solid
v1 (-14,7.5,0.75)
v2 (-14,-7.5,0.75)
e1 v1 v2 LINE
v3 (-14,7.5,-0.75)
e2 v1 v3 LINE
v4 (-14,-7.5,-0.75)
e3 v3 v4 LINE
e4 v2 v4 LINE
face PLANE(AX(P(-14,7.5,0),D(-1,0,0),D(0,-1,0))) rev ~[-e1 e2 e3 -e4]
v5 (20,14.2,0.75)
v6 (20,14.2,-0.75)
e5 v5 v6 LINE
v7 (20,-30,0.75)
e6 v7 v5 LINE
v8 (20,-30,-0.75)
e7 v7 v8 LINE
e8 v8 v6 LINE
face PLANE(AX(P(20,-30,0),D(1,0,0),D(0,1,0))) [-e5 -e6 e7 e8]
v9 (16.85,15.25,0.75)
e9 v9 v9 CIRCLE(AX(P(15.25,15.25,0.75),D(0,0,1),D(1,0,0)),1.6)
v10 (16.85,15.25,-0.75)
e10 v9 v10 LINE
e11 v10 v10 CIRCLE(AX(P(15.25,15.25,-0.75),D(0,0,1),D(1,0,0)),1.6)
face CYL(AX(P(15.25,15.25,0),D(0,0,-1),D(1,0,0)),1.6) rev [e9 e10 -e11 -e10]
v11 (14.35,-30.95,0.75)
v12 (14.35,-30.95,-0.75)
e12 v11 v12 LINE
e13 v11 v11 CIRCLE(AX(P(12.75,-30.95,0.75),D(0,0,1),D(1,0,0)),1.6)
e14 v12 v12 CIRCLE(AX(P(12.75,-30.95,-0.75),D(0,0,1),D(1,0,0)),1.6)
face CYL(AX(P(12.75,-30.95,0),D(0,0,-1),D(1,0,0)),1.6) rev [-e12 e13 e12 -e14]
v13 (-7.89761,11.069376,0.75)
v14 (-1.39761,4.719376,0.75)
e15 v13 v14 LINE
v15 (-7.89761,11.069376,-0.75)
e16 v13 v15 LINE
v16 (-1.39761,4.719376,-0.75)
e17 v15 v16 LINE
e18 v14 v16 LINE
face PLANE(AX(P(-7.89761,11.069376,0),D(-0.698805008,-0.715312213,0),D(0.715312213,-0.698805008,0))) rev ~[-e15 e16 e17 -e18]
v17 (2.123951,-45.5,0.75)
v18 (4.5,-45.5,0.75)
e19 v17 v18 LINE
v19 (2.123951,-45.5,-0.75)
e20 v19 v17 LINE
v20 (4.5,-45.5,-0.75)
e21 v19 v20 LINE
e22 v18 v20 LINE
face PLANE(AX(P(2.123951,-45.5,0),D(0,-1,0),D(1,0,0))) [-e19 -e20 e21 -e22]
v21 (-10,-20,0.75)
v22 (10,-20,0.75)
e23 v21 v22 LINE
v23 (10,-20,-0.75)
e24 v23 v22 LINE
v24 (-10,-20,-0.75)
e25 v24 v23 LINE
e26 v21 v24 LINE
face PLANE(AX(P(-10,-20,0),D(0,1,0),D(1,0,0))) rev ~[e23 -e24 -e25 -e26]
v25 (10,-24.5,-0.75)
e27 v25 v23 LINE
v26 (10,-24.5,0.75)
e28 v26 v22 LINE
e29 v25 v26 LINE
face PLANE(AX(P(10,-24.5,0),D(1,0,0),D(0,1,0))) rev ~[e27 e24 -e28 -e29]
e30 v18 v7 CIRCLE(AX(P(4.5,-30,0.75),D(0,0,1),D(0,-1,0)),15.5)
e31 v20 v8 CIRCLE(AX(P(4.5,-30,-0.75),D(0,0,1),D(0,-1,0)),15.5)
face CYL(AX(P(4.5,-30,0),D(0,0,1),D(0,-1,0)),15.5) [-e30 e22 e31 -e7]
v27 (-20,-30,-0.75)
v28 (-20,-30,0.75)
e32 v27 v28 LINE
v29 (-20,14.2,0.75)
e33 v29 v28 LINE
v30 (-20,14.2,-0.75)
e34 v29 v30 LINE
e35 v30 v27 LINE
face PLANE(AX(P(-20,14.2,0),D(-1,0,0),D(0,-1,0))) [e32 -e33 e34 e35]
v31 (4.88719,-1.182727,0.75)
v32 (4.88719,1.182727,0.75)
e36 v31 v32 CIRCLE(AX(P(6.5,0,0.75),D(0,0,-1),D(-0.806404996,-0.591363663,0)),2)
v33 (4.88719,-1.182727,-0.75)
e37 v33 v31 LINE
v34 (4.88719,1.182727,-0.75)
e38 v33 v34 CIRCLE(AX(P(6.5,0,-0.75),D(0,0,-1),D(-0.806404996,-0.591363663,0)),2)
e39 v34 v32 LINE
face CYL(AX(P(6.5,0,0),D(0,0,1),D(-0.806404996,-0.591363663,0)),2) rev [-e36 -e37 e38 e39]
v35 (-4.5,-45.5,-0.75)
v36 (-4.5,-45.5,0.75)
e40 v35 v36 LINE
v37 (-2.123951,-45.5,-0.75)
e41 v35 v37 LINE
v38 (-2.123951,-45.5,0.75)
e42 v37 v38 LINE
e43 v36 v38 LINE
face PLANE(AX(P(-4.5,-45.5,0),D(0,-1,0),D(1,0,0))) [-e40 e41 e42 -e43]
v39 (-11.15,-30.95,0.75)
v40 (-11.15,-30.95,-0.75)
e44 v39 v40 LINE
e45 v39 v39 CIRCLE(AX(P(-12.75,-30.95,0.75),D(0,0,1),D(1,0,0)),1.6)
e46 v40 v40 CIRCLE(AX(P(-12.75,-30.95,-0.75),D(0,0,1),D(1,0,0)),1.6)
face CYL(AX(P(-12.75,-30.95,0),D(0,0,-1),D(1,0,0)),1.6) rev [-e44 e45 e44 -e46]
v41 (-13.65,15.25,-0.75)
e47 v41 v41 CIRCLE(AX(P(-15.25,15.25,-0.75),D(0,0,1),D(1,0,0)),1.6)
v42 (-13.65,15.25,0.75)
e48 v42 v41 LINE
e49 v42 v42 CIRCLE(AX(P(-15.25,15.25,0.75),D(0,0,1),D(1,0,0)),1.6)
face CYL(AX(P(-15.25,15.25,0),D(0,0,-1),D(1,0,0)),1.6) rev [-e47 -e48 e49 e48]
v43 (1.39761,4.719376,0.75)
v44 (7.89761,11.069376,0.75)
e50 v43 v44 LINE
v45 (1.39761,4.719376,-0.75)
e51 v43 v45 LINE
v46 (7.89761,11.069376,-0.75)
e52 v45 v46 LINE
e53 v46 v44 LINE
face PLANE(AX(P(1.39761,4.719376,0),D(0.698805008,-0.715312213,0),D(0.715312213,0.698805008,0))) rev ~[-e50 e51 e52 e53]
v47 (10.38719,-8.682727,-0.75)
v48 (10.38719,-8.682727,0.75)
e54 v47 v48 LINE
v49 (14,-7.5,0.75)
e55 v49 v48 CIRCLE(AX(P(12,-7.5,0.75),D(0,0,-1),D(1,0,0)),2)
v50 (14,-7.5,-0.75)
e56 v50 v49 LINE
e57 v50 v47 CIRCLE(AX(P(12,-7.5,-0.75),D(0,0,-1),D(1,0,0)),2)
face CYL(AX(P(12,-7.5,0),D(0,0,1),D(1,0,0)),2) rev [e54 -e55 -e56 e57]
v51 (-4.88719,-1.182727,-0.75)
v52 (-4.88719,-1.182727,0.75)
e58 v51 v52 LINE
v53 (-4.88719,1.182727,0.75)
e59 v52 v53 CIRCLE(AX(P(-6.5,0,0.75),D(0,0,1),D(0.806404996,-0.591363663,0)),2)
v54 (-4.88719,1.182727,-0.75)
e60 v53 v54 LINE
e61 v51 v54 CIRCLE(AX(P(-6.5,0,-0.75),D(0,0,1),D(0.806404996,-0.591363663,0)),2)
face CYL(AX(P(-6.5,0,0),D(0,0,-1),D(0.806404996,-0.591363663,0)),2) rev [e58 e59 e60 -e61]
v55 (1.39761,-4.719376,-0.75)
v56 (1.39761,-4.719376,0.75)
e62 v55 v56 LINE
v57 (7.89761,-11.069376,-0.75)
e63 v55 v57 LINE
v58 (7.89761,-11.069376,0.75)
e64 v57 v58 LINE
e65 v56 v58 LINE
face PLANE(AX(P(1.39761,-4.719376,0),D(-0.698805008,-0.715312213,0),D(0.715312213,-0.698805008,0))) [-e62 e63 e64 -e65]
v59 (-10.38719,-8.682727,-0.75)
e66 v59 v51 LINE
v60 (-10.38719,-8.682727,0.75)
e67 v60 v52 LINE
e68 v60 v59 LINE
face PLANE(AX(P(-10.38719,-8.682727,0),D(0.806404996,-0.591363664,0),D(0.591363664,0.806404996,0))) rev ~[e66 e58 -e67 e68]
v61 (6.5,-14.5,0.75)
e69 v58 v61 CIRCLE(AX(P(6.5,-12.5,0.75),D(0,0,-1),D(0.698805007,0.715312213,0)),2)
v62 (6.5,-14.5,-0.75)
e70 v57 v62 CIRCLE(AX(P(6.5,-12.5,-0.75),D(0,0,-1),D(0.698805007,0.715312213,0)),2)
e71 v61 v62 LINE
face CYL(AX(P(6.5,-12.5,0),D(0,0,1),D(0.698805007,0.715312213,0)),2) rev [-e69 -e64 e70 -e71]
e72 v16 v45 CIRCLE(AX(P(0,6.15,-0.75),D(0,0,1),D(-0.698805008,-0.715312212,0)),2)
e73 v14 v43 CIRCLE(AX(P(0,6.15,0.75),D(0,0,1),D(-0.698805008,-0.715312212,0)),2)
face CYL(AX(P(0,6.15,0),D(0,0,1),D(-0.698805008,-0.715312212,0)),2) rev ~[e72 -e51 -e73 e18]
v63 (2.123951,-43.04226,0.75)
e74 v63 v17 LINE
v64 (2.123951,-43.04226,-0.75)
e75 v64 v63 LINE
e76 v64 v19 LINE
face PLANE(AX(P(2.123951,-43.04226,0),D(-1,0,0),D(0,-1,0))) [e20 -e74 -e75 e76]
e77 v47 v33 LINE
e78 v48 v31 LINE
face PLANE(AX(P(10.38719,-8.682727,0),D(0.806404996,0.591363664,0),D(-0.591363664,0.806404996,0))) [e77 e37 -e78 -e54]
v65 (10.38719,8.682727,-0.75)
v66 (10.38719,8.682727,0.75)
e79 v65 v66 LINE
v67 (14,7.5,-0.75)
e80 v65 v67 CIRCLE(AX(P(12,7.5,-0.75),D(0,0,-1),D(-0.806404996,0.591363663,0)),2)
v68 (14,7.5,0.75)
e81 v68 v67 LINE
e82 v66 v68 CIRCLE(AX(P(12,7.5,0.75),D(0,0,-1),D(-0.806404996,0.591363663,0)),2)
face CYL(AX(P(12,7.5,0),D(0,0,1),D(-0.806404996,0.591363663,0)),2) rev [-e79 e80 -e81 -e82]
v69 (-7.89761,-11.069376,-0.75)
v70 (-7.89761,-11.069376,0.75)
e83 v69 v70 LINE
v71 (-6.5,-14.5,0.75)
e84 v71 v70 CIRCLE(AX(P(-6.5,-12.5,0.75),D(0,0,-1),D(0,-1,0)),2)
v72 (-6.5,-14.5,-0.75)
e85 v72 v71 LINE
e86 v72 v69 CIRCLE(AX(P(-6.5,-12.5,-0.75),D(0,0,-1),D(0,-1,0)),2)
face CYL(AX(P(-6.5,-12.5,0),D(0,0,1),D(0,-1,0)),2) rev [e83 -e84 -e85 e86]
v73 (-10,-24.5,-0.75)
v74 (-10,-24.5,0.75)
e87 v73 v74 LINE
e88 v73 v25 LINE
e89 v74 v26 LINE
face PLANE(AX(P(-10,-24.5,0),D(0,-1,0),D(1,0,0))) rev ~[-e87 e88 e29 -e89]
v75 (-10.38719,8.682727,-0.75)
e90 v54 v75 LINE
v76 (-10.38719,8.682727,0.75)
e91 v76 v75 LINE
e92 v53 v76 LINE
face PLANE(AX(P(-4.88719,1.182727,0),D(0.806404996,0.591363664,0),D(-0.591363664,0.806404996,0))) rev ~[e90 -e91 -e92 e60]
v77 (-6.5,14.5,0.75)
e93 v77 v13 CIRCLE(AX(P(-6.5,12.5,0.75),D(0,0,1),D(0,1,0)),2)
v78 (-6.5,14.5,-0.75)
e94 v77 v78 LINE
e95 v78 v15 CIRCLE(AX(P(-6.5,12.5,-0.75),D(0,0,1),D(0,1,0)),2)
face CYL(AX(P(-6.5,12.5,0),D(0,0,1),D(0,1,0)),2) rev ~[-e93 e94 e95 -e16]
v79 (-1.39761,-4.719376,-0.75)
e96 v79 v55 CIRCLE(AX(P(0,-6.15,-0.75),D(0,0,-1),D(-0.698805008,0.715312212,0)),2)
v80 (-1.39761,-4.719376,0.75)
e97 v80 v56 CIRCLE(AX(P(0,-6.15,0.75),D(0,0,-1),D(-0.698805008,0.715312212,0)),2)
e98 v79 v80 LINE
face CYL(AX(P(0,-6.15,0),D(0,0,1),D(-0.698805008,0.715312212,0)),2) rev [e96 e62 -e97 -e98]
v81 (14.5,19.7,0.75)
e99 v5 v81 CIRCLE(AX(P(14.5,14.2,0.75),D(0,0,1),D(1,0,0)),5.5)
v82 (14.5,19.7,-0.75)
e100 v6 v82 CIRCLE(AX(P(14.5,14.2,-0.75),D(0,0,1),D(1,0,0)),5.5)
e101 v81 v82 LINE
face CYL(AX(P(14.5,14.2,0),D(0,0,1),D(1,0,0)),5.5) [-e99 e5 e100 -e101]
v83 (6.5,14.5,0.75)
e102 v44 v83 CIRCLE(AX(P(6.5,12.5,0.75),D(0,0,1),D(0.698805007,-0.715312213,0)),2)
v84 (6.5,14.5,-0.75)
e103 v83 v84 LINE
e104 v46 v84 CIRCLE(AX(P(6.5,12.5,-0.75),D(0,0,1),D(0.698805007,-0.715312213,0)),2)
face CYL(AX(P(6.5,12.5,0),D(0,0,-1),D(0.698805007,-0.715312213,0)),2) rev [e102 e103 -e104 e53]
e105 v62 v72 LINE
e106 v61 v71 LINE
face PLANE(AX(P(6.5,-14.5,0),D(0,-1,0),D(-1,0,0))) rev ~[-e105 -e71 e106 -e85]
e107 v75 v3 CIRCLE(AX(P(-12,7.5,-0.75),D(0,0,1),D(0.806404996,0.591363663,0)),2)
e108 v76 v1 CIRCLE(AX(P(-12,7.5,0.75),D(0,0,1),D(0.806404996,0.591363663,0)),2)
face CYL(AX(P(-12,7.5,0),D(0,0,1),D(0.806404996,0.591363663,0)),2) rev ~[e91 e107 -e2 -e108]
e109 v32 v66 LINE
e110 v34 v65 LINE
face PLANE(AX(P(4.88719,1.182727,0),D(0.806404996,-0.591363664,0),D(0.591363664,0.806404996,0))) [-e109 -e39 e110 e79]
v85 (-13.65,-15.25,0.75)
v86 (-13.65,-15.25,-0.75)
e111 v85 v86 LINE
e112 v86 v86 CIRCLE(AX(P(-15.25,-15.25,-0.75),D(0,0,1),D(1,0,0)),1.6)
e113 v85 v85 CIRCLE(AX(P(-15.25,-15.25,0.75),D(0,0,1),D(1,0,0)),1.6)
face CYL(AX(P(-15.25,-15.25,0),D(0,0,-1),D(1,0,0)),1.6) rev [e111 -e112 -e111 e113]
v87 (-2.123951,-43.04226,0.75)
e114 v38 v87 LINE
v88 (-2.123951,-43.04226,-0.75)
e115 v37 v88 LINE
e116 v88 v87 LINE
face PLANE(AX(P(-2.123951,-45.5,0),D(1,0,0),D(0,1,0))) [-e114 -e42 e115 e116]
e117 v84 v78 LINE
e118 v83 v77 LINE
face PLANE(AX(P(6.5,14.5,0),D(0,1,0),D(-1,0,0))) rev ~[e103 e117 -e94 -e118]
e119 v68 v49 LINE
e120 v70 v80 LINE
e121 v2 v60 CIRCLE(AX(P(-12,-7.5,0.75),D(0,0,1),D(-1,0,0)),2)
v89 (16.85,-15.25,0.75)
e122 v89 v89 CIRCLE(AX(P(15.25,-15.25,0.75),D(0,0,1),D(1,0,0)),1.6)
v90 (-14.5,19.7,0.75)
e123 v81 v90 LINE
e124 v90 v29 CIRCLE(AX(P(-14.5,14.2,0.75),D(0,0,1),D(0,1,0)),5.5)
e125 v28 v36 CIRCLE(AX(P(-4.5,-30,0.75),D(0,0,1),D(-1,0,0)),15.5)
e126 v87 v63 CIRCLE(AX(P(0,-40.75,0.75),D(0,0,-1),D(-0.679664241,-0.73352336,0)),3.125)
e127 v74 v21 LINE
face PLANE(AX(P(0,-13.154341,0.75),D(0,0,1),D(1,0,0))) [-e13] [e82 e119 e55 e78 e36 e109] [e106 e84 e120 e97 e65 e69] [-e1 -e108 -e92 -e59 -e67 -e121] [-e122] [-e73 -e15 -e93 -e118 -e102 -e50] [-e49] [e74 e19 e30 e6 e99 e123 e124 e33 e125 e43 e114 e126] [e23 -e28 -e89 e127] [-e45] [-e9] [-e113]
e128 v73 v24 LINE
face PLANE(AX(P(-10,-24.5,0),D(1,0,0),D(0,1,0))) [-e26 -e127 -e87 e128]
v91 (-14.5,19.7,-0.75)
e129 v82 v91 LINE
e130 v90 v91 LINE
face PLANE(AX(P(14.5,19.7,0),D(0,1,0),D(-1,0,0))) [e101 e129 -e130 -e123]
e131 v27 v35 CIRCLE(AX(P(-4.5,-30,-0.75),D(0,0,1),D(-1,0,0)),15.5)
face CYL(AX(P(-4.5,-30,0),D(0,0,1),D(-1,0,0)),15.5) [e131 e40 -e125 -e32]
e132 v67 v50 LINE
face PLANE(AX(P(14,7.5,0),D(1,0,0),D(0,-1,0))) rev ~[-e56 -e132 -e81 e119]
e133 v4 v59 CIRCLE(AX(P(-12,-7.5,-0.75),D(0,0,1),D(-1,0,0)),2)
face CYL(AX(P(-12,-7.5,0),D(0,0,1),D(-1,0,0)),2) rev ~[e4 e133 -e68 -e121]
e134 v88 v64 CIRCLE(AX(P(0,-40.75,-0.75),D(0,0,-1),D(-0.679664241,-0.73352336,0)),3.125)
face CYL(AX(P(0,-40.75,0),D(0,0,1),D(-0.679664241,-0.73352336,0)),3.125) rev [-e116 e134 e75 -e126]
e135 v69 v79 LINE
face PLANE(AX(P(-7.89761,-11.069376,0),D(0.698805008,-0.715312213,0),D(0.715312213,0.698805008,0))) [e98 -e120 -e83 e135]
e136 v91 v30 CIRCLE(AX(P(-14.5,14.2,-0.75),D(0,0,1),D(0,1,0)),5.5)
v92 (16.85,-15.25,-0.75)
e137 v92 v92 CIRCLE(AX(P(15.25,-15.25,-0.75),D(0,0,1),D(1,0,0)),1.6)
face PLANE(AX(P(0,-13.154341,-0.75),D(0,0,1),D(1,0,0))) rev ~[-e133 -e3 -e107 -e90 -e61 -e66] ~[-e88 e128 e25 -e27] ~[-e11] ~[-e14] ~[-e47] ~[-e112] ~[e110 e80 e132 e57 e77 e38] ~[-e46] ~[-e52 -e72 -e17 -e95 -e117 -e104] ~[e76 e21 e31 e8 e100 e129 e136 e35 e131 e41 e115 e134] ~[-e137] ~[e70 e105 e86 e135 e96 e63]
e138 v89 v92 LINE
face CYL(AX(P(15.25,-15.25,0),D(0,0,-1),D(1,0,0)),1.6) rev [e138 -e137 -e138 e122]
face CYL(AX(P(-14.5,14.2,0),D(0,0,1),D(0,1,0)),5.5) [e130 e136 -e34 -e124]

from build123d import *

# Parameters (mm, degrees)
SKETCH1_R           = 1.6
SKETCH1_W           = 20
SKETCH1_H           = 4.5
BOSS_EXTRUDE1_DEPTH = 0.75


with BuildPart() as part:
    # Sketch1 → Boss-Extrude1 (new, symmetric)
    with BuildSketch(Plane.XY):
        with BuildLine():
            Line((-20, 14.2), (-20, -30))
            ThreePointArc((-20, -30), (-15.460155108, -40.960155108), (-4.5, -45.5))
            Line((-4.5, -45.5), (-2.123950753, -45.5))
            Line((-2.123950753, -45.5), (-2.123950753, -43.0422605))
            ThreePointArc((-2.123950753, -43.0422605), (0, -37.625), (2.123950753, -43.0422605))
            Line((2.123950753, -43.0422605), (2.123950753, -45.5))
            Line((2.123950753, -45.5), (4.5, -45.5))
            ThreePointArc((4.5, -45.5), (15.460155108, -40.960155108), (20, -30))
            Line((20, -30), (20, 14.2))
            ThreePointArc((20, 14.2), (18.389087297, 18.089087297), (14.5, 19.7))
            Line((14.5, 19.7), (-14.5, 19.7))
            ThreePointArc((-14.5, 19.7), (-18.389087297, 18.089087297), (-20, 14.2))
        make_face()
        with Locations((-15.25, 15.25)):
            Circle(SKETCH1_R, mode=Mode.SUBTRACT)
        with Locations((15.25, 15.25)):
            Circle(SKETCH1_R, mode=Mode.SUBTRACT)
        with Locations((15.25, -15.25)):
            Circle(SKETCH1_R, mode=Mode.SUBTRACT)
        with Locations((-15.25, -15.25)):
            Circle(SKETCH1_R, mode=Mode.SUBTRACT)
        with Locations((12.75, -30.95)):
            Circle(SKETCH1_R, mode=Mode.SUBTRACT)
        with Locations((-12.75, -30.95)):
            Circle(SKETCH1_R, mode=Mode.SUBTRACT)
        with Locations((0, -22.25)):
            Rectangle(SKETCH1_W, SKETCH1_H, mode=Mode.SUBTRACT)
        with BuildLine():
            Line((-14, 7.5), (-14, -7.5))
            ThreePointArc((-14, -7.5), (-12.622245939, -9.400739328), (-10.387190008, -8.682727327))
            Line((-10.387190008, -8.682727327), (-4.887190008, -1.182727327))
            ThreePointArc((-4.887190008, -1.182727327), (-4.5, 0), (-4.887190008, 1.182727327))
            Line((-4.887190008, 1.182727327), (-10.387190008, 8.682727327))
            ThreePointArc((-10.387190008, 8.682727327), (-12.622245939, 9.400739328), (-14, 7.5))
        make_face(mode=Mode.SUBTRACT)
        with BuildLine():
            Line((4.887190008, 1.182727327), (10.387190008, 8.682727327))
            ThreePointArc((10.387190008, 8.682727327), (12.622245939, 9.400739328), (14, 7.5))
            Line((14, 7.5), (14, -7.5))
            ThreePointArc((14, -7.5), (12.622245939, -9.400739328), (10.387190008, -8.682727327))
            Line((10.387190008, -8.682727327), (4.887190008, -1.182727327))
            ThreePointArc((4.887190008, -1.182727327), (4.5, 0), (4.887190008, 1.182727327))
        make_face(mode=Mode.SUBTRACT)
        with BuildLine():
            Line((-7.897610015, 11.069375575), (-1.397610015, 4.719375575))
            ThreePointArc((-1.397610015, 4.719375575), (0, 4.15), (1.397610015, 4.719375575))
            Line((1.397610015, 4.719375575), (7.897610015, 11.069375575))
            ThreePointArc((7.897610015, 11.069375575), (8.352194489, 13.254569795), (6.5, 14.5))
            Line((6.5, 14.5), (-6.5, 14.5))
            ThreePointArc((-6.5, 14.5), (-8.352194489, 13.254569795), (-7.897610015, 11.069375575))
        make_face(mode=Mode.SUBTRACT)
        with BuildLine():
            Line((6.5, -14.5), (-6.5, -14.5))
            ThreePointArc((-6.5, -14.5), (-8.352194489, -13.254569795), (-7.897610015, -11.069375575))
            Line((-7.897610015, -11.069375575), (-1.397610015, -4.719375575))
            ThreePointArc((-1.397610015, -4.719375575), (0, -4.15), (1.397610015, -4.719375575))
            Line((1.397610015, -4.719375575), (7.897610015, -11.069375575))
            ThreePointArc((7.897610015, -11.069375575), (8.352194489, -13.254569795), (6.5, -14.5))
        make_face(mode=Mode.SUBTRACT)
    extrude(amount=BOSS_EXTRUDE1_DEPTH, both=True)


solid = part.part
